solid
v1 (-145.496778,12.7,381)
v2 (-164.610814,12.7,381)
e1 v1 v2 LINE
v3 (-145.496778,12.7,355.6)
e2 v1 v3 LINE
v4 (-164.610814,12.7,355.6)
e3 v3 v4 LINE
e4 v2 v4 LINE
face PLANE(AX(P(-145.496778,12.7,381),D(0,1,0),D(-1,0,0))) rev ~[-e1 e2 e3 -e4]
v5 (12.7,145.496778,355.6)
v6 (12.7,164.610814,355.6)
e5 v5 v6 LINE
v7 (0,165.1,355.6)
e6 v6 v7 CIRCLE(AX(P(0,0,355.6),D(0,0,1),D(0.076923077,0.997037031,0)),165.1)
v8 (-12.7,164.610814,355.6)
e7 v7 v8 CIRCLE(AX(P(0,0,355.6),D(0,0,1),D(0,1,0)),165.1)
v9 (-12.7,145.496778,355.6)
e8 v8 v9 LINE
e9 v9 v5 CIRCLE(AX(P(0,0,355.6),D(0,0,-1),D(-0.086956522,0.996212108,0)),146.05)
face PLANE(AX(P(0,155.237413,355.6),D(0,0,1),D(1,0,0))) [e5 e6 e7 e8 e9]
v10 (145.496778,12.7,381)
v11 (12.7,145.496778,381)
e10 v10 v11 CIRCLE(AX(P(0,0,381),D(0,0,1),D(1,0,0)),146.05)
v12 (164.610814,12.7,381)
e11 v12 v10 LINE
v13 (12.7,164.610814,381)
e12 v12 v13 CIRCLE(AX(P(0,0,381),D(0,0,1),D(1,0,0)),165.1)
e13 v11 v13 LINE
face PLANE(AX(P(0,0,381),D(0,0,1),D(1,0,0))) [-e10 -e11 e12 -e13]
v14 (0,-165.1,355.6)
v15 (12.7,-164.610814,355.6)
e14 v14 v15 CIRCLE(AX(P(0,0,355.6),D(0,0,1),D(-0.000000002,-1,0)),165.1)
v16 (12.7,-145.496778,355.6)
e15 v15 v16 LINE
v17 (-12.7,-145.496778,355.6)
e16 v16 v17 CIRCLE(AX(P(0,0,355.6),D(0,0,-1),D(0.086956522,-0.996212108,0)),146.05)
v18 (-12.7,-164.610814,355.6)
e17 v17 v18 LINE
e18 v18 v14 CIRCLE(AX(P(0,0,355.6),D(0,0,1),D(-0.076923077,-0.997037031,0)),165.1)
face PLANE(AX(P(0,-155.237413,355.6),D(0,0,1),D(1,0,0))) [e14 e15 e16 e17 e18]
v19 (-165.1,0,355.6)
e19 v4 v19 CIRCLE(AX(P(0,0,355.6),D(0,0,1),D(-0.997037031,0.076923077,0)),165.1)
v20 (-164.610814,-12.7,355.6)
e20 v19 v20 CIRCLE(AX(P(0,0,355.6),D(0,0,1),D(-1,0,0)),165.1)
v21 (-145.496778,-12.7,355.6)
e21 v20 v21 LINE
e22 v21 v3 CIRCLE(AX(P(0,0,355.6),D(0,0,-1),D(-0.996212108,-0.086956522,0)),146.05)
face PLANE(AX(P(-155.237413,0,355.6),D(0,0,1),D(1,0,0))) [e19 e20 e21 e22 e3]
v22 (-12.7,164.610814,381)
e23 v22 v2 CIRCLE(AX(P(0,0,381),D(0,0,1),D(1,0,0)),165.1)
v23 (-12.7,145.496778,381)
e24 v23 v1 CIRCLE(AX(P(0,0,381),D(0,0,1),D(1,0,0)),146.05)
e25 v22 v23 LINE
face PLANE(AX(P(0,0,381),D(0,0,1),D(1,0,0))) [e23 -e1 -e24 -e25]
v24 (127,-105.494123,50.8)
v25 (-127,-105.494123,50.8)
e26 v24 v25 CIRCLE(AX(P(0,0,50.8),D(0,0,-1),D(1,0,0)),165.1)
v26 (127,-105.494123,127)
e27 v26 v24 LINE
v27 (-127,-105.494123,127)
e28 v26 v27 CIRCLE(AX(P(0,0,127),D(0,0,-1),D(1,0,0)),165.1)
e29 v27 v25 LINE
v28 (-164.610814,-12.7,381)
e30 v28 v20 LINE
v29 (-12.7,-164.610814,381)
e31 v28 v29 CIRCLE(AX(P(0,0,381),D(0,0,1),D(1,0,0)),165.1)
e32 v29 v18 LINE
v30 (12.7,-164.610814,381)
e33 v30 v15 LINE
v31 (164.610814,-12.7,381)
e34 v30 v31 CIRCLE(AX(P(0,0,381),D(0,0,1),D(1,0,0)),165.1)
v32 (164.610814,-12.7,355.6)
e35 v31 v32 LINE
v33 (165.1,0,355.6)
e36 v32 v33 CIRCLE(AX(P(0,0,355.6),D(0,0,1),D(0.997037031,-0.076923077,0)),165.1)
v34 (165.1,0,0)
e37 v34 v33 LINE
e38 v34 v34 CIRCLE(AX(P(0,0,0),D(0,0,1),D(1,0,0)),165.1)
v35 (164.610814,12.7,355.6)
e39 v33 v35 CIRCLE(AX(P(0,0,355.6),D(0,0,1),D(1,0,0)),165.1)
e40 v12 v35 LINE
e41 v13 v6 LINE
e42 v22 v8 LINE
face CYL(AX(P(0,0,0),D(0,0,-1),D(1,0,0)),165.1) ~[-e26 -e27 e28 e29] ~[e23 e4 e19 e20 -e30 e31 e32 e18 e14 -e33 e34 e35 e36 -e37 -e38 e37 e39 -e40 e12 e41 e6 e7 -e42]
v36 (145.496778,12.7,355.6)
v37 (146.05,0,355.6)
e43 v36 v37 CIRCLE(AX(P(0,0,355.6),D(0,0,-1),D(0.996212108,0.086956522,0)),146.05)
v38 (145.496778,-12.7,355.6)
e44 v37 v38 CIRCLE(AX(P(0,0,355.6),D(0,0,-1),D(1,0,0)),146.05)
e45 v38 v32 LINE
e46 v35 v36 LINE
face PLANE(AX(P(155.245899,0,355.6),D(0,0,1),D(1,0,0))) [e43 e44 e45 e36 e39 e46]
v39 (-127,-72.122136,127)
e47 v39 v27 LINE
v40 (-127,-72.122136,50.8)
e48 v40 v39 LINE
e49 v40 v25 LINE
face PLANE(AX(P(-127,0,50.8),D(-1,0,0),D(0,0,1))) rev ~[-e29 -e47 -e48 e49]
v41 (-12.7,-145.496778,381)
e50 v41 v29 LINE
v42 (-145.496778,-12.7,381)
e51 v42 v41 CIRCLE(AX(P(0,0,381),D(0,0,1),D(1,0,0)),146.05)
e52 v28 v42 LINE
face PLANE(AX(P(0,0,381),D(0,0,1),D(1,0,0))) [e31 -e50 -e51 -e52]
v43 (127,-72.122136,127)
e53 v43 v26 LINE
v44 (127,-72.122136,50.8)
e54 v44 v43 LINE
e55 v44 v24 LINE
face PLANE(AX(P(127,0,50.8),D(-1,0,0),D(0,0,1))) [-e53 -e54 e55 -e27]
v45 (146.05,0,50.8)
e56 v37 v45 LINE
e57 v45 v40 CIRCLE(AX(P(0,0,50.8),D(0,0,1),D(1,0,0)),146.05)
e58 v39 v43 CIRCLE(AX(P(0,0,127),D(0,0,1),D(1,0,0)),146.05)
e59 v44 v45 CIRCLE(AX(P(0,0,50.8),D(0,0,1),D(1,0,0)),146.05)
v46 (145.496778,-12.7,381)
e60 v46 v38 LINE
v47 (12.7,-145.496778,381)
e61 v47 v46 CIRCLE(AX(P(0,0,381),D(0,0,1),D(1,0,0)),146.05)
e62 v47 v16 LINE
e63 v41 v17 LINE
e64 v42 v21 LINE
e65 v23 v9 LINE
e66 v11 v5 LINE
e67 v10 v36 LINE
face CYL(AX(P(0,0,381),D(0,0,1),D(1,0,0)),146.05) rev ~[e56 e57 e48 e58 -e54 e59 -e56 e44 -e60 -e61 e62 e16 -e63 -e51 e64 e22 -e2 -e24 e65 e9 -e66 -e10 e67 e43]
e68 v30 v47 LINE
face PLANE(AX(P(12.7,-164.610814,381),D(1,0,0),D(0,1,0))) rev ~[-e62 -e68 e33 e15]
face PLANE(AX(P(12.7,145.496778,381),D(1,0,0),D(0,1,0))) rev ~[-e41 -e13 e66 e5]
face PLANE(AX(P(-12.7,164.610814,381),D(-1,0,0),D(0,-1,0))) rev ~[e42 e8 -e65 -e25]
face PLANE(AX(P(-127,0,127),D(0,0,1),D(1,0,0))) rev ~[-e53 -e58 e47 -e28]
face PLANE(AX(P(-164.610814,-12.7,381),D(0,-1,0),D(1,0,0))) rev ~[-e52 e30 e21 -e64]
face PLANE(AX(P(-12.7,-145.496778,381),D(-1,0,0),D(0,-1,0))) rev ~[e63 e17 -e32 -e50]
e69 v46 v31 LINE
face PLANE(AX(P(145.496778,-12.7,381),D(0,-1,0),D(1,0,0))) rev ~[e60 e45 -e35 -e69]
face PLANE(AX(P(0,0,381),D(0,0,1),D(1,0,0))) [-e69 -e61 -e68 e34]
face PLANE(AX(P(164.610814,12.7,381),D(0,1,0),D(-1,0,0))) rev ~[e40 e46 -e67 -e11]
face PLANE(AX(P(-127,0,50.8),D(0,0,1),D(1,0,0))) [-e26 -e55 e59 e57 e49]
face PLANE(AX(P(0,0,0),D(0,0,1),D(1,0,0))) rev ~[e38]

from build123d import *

# Parameters (mm, degrees)
F0_R     = 165.1
F1_DEPTH = 381
F2_R     = 146.05
F3_DEPTH = 330.2
F4_W     = 254
F4_H     = 76.2
F5_DEPTH = 177.8
F7_DEPTH = 25.4


with BuildPart() as f1:
    # F0 (on Top) → F1 (new body)
    with BuildSketch(Plane.XY):
        Circle(F0_R)
    extrude(amount=F1_DEPTH)

    # F2 (on face) → F3 (cut)
    with BuildSketch(Plane.XY.offset(381)):
        Circle(F2_R)
    extrude(amount=-F3_DEPTH, mode=Mode.SUBTRACT)

    # F4 (on Front) → F5 (cut)
    with BuildSketch(Plane.XZ):
        with Locations((0, 88.9)):
            Rectangle(F4_W, F4_H)
    extrude(amount=F5_DEPTH, mode=Mode.SUBTRACT)

    # F6 (on face) → F7 (cut)
    with BuildSketch(Plane.XY.offset(381)):
        with BuildLine():
            ThreePointArc((12.7, 164.6108137396), (6.3547089469, 164.9776581062), (0, 165.1))
            ThreePointArc((0, 165.1), (-6.3547089469, 164.9776581062), (-12.7, 164.6108137396))
            Line((-12.7, 164.6108137396), (-12.7, 145.4967783148))
            ThreePointArc((-12.7, 145.4967783148), (0, 146.05), (12.7, 145.4967783148))
            Line((12.7, 145.4967783148), (12.7, 164.6108137396))
        make_face()
        with BuildLine():
            Line((-145.4967783148, 12.7), (-164.6108137396, 12.7))
            ThreePointArc((-164.6108137396, 12.7), (-164.9776581062, 6.3547089469), (-165.1, 0))
            ThreePointArc((-165.1, 0), (-164.9776581062, -6.3547089469), (-164.6108137396, -12.7))
            Line((-164.6108137396, -12.7), (-145.4967783148, -12.7))
            ThreePointArc((-145.4967783148, -12.7), (-146.05, 0), (-145.4967783148, 12.7))
        make_face()
        with BuildLine():
            ThreePointArc((12.7, -145.4967783148), (0, -146.05), (-12.7, -145.4967783148))
            Line((-12.7, -145.4967783148), (-12.7, -164.6108137396))
            ThreePointArc((-12.7, -164.6108137396), (-6.3547090887, -164.9776581007), (-2.839e-07, -165.1))
            ThreePointArc((-2.839e-07, -165.1), (6.354708805, -164.9776581116), (12.7, -164.6108137396))
            Line((12.7, -164.6108137396), (12.7, -145.4967783148))
        make_face()
        with BuildLine():
            ThreePointArc((165.1, 0), (164.9776581062, 6.3547089469), (164.6108137396, 12.7))
            Line((164.6108137396, 12.7), (145.4967783148, 12.7))
            ThreePointArc((145.4967783148, 12.7), (145.9116290309, 6.3560218343), (146.05, 0))
            ThreePointArc((146.05, 0), (145.9116290309, -6.3560218343), (145.4967783148, -12.7))
            Line((145.4967783148, -12.7), (164.6108137396, -12.7))
            ThreePointArc((164.6108137396, -12.7), (164.9776581062, -6.3547089469), (165.1, 0))
        make_face()
    extrude(amount=-F7_DEPTH, mode=Mode.SUBTRACT)


solid = f1.part
